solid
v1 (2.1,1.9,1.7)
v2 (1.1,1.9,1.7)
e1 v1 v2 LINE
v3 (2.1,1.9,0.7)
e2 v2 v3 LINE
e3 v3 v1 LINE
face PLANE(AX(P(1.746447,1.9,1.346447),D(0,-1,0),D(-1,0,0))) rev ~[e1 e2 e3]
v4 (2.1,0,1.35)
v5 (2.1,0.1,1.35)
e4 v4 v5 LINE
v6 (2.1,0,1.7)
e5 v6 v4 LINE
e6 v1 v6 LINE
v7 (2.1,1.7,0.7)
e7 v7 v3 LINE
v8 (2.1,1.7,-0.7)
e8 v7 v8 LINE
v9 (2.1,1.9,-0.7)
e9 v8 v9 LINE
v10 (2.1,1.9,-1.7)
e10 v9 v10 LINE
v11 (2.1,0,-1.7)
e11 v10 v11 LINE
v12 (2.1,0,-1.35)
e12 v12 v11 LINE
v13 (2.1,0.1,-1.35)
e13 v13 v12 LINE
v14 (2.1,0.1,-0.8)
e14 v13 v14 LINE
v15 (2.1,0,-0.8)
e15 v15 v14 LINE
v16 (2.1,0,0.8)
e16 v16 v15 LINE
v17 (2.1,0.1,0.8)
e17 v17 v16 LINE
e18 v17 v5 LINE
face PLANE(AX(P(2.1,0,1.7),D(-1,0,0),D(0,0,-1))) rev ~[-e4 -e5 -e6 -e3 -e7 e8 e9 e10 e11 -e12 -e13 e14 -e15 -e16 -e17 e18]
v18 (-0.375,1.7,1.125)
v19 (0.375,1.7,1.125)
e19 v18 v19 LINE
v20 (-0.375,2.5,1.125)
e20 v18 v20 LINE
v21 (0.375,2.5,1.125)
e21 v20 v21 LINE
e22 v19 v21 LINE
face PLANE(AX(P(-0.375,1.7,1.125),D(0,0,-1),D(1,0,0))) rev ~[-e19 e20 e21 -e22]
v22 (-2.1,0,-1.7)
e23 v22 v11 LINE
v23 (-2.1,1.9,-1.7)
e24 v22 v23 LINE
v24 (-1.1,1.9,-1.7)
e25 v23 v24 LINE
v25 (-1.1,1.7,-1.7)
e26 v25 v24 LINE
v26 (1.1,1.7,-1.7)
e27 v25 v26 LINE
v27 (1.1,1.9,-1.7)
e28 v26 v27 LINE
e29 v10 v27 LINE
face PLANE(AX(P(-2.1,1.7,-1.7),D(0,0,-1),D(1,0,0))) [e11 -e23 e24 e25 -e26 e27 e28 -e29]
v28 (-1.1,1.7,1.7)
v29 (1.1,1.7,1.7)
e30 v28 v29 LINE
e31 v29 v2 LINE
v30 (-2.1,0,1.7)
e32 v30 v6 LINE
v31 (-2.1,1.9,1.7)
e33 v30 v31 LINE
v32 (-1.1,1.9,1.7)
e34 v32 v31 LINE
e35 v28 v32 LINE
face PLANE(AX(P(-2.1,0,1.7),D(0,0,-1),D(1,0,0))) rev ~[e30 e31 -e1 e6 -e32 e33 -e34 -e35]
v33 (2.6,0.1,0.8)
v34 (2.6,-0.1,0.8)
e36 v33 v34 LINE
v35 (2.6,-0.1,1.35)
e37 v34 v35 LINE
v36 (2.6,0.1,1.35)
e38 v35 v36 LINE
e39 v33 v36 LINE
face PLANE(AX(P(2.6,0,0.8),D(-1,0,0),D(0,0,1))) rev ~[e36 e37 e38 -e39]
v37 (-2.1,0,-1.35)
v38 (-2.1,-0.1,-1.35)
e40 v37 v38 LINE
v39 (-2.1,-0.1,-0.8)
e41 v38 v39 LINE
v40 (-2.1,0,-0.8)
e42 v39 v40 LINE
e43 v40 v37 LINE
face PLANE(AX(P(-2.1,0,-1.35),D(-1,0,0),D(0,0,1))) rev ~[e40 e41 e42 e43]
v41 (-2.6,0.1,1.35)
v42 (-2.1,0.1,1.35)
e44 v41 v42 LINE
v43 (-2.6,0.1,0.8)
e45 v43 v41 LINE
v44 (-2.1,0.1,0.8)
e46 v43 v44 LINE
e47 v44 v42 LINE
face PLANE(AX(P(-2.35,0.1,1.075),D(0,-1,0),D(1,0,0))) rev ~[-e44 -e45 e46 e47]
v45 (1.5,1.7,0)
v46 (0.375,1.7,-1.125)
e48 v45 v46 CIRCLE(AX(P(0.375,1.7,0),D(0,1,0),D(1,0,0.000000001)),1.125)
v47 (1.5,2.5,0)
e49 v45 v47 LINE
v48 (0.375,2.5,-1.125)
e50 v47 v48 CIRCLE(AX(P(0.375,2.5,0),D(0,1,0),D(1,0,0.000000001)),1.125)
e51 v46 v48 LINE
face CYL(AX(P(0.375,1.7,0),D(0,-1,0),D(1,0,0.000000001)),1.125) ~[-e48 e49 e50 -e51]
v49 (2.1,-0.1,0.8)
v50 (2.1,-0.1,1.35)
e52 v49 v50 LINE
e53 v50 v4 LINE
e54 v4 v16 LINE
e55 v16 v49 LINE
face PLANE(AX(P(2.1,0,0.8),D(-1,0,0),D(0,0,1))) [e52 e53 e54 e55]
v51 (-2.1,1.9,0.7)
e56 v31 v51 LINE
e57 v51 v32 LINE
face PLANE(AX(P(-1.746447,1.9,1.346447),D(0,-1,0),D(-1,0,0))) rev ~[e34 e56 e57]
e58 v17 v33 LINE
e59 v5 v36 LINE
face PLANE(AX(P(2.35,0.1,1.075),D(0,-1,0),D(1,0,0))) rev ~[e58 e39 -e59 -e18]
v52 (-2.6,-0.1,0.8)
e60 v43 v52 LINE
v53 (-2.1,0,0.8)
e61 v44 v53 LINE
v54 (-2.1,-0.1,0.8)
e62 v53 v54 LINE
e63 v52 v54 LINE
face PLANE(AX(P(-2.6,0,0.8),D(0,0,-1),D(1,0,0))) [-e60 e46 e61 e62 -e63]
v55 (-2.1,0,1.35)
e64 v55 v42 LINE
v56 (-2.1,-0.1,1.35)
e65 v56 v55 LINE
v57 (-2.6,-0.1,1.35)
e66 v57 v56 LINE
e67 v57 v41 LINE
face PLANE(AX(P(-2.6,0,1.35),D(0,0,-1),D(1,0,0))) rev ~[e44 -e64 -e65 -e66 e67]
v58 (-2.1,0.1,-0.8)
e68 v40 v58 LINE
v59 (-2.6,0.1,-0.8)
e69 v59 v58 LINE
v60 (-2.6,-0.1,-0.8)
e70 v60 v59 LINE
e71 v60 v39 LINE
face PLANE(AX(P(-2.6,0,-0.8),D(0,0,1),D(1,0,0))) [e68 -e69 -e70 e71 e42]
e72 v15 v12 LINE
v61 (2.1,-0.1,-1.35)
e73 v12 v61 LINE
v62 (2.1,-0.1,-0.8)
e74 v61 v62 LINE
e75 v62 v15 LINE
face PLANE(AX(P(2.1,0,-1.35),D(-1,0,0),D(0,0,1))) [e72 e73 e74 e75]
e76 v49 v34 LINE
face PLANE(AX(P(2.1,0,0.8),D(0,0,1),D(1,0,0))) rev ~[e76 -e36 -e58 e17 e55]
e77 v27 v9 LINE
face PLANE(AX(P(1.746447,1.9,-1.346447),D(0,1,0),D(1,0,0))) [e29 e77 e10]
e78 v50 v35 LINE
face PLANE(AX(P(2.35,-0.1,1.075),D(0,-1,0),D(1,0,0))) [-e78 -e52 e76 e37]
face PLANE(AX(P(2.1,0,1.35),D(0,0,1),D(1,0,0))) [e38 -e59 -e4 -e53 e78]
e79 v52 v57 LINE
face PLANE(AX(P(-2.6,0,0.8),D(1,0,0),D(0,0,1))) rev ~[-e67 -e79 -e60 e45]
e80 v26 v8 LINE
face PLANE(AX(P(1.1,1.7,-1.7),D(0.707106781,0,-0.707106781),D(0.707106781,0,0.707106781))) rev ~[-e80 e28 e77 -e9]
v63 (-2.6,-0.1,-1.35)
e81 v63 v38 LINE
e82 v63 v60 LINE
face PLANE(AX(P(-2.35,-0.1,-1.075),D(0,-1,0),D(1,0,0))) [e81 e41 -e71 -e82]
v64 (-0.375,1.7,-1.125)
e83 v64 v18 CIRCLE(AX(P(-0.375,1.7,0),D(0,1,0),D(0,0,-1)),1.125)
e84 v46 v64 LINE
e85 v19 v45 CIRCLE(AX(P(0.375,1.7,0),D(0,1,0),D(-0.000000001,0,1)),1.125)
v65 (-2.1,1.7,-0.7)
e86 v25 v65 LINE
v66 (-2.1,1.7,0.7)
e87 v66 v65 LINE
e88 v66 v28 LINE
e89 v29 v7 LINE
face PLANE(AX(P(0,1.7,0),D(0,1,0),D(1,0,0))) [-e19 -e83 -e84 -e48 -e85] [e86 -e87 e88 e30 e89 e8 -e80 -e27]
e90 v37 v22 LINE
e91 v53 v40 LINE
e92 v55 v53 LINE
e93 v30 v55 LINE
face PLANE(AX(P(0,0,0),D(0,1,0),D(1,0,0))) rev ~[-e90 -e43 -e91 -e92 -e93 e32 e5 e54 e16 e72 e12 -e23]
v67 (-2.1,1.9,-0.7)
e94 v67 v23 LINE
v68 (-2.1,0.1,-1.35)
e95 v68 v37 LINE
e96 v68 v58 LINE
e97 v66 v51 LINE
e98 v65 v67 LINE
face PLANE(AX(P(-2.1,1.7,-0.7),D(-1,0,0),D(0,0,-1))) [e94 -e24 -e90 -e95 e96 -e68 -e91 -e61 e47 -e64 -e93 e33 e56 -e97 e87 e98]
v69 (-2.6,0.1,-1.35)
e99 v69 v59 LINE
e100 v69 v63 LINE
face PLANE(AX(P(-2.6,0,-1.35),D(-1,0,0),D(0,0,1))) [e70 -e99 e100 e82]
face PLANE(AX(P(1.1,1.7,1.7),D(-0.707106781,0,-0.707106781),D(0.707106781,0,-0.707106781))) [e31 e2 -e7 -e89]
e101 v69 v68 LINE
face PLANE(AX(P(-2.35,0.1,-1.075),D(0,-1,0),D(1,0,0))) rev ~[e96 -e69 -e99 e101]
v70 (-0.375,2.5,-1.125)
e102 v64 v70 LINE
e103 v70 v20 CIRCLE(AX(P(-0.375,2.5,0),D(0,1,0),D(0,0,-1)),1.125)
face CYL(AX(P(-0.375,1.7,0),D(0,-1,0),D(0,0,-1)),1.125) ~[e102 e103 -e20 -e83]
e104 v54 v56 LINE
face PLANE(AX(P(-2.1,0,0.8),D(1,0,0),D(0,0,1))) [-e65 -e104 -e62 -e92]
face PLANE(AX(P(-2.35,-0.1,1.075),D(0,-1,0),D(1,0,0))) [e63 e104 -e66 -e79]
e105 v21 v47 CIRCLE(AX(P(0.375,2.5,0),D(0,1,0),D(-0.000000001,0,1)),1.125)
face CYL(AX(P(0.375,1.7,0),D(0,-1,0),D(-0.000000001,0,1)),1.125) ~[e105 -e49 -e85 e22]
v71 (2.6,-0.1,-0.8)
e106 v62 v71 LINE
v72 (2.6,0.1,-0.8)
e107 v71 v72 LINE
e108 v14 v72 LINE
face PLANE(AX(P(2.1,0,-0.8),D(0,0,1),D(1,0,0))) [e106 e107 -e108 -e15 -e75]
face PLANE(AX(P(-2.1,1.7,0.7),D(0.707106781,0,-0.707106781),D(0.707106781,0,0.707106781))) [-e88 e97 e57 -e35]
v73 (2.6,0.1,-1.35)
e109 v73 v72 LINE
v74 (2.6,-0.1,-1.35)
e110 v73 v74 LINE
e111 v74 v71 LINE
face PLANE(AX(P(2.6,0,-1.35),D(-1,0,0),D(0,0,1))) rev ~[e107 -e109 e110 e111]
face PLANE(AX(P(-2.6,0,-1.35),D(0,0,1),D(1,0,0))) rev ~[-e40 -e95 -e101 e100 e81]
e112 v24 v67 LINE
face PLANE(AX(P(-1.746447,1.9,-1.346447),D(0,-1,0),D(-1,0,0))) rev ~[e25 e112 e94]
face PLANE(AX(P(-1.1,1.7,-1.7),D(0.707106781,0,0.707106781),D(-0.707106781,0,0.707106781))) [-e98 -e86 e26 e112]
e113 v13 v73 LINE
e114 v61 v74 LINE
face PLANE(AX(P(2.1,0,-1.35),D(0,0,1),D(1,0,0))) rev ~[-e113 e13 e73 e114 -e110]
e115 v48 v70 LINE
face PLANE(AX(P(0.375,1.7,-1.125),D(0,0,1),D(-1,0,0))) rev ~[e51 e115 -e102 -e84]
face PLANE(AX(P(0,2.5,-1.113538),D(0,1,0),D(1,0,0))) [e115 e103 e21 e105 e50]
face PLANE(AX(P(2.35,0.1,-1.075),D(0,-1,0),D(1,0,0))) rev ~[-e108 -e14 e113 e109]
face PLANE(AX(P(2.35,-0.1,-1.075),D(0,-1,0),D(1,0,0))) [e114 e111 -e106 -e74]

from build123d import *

# Parameters (mm, degrees)
SKETCH1_W           = 4.2
SKETCH1_H           = 3.4
BOSS_EXTRUDE1_DEPTH = 1.7
SKETCH2_W           = 0.5
SKETCH2_H           = 0.55
BOSS_EXTRUDE2_DEPTH = 0.1
BOSS_EXTRUDE3_DEPTH = 0.2
BOSS_EXTRUDE4_DEPTH = 0.8


with BuildPart() as part:
    # Sketch1 → Boss-Extrude1 (new body)
    with BuildSketch(Plane(origin=(0, 0, 0), x_dir=(1, 0, 0), z_dir=(0, 1, 0))):
        Rectangle(SKETCH1_W, SKETCH1_H)
    extrude(amount=BOSS_EXTRUDE1_DEPTH)

    # Sketch2 → Boss-Extrude2 (add, symmetric)
    with BuildSketch(Plane.XZ):
        with Locations((2.35, 1.075)):
            Rectangle(SKETCH2_W, SKETCH2_H)
        with Locations((2.35, -1.075)):
            Rectangle(SKETCH2_W, SKETCH2_H)
        with Locations((-2.35, -1.075)):
            Rectangle(SKETCH2_W, SKETCH2_H)
        with Locations((-2.35, 1.075)):
            Rectangle(SKETCH2_W, SKETCH2_H)
    extrude(amount=BOSS_EXTRUDE2_DEPTH, both=True)

    # Sketch3 → Boss-Extrude3 (add)
    with BuildSketch(Plane(origin=(0, 1.7, 0), x_dir=(1, 0, 0), z_dir=(0, 1, 0))):
        Polygon((-2.1, 1.7), (-1.1, 1.7), (-2.1, 0.7), align=None)
        Polygon((1.1, 1.7), (2.1, 0.7), (2.1, 1.7), align=None)
        Polygon((-2.1, -0.7), (-1.1, -1.7), (-2.1, -1.7), align=None)
        Polygon((1.1, -1.7), (2.1, -0.7), (2.1, -1.7), align=None)
    extrude(amount=BOSS_EXTRUDE3_DEPTH)

    # Sketch4 → Boss-Extrude4 (add)
    with BuildSketch(Plane(origin=(0, 1.7, 0), x_dir=(1, 0, 0), z_dir=(0, 1, 0))):
        with BuildLine():
            Line((0.375, 1.125), (-0.375, 1.125))
            ThreePointArc((-0.375, 1.125), (-0.184760274, 1.10879838), (0, 1.060660172))
            ThreePointArc((0, 1.060660172), (0.184760274, 1.10879838), (0.375, 1.125))
        make_face()
        with BuildLine():
            ThreePointArc((0, -1.060660172), (-0.184760274, -1.10879838), (-0.375, -1.125))
            Line((-0.375, -1.125), (0.375, -1.125))
            ThreePointArc((0.375, -1.125), (0.184760274, -1.10879838), (0, -1.060660172))
        make_face()
        with BuildLine():
            ThreePointArc((0, 1.060660172), (-0.198360449, 0.967927061), (-0.375, 0.838525492))
            Line((-0.375, 0.838525492), (-0.375, -0.838525492))
            ThreePointArc((-0.375, -0.838525492), (-0.198360449, -0.967927061), (0, -1.060660172))
            ThreePointArc((0, -1.060660172), (0.198360449, -0.967927061), (0.375, -0.838525492))
            Line((0.375, -0.838525492), (0.375, 0.838525492))
            ThreePointArc((0.375, 0.838525492), (0.198360449, 0.967927061), (0, 1.060660172))
        make_face()
        with BuildLine():
            ThreePointArc((1.5, 0), (1.170495129, 0.795495129), (0.375, 1.125))
            Line((0.375, 1.125), (0.375, 0.838525492))
            ThreePointArc((0.375, 0.838525492), (0.651979795, 0.459279327), (0.75, 0))
            ThreePointArc((0.75, 0), (0.651979795, -0.459279327), (0.375, -0.838525492))
            Line((0.375, -0.838525492), (0.375, -1.125))
            ThreePointArc((0.375, -1.125), (1.170495129, -0.795495129), (1.5, 0))
        make_face()
        with BuildLine():
            Line((0.375, 0.838525492), (0.375, 1.125))
            ThreePointArc((0.375, 1.125), (0.184760274, 1.10879838), (0, 1.060660172))
            ThreePointArc((0, 1.060660172), (0.198360449, 0.967927061), (0.375, 0.838525492))
        make_face()
        with BuildLine():
            ThreePointArc((0, -1.060660172), (0.184760274, -1.10879838), (0.375, -1.125))
            Line((0.375, -1.125), (0.375, -0.838525492))
            ThreePointArc((0.375, -0.838525492), (0.198360449, -0.967927061), (0, -1.060660172))
        make_face()
        with BuildLine():
            ThreePointArc((0, 1.060660172), (-0.184760274, 1.10879838), (-0.375, 1.125))
            Line((-0.375, 1.125), (-0.375, 0.838525492))
            ThreePointArc((-0.375, 0.838525492), (-0.198360449, 0.967927061), (0, 1.060660172))
        make_face()
        with BuildLine():
            Line((-0.375, 0.838525492), (-0.375, 1.125))
            ThreePointArc((-0.375, 1.125), (-1.5, 0), (-0.375, -1.125))
            Line((-0.375, -1.125), (-0.375, -0.838525492))
            ThreePointArc((-0.375, -0.838525492), (-0.75, 0), (-0.375, 0.838525492))
        make_face()
        with BuildLine():
            Line((-0.375, -0.838525492), (-0.375, -1.125))
            ThreePointArc((-0.375, -1.125), (-0.184760274, -1.10879838), (0, -1.060660172))
            ThreePointArc((0, -1.060660172), (-0.198360449, -0.967927061), (-0.375, -0.838525492))
        make_face()
        with BuildLine():
            ThreePointArc((0.75, 0), (0.651979795, 0.459279327), (0.375, 0.838525492))
            Line((0.375, 0.838525492), (0.375, -0.838525492))
            ThreePointArc((0.375, -0.838525492), (0.651979795, -0.459279327), (0.75, 0))
        make_face()
        with BuildLine():
            Line((-0.375, -0.838525492), (-0.375, 0.838525492))
            ThreePointArc((-0.375, 0.838525492), (-0.75, 0), (-0.375, -0.838525492))
        make_face()
    extrude(amount=BOSS_EXTRUDE4_DEPTH)


solid = part.part
